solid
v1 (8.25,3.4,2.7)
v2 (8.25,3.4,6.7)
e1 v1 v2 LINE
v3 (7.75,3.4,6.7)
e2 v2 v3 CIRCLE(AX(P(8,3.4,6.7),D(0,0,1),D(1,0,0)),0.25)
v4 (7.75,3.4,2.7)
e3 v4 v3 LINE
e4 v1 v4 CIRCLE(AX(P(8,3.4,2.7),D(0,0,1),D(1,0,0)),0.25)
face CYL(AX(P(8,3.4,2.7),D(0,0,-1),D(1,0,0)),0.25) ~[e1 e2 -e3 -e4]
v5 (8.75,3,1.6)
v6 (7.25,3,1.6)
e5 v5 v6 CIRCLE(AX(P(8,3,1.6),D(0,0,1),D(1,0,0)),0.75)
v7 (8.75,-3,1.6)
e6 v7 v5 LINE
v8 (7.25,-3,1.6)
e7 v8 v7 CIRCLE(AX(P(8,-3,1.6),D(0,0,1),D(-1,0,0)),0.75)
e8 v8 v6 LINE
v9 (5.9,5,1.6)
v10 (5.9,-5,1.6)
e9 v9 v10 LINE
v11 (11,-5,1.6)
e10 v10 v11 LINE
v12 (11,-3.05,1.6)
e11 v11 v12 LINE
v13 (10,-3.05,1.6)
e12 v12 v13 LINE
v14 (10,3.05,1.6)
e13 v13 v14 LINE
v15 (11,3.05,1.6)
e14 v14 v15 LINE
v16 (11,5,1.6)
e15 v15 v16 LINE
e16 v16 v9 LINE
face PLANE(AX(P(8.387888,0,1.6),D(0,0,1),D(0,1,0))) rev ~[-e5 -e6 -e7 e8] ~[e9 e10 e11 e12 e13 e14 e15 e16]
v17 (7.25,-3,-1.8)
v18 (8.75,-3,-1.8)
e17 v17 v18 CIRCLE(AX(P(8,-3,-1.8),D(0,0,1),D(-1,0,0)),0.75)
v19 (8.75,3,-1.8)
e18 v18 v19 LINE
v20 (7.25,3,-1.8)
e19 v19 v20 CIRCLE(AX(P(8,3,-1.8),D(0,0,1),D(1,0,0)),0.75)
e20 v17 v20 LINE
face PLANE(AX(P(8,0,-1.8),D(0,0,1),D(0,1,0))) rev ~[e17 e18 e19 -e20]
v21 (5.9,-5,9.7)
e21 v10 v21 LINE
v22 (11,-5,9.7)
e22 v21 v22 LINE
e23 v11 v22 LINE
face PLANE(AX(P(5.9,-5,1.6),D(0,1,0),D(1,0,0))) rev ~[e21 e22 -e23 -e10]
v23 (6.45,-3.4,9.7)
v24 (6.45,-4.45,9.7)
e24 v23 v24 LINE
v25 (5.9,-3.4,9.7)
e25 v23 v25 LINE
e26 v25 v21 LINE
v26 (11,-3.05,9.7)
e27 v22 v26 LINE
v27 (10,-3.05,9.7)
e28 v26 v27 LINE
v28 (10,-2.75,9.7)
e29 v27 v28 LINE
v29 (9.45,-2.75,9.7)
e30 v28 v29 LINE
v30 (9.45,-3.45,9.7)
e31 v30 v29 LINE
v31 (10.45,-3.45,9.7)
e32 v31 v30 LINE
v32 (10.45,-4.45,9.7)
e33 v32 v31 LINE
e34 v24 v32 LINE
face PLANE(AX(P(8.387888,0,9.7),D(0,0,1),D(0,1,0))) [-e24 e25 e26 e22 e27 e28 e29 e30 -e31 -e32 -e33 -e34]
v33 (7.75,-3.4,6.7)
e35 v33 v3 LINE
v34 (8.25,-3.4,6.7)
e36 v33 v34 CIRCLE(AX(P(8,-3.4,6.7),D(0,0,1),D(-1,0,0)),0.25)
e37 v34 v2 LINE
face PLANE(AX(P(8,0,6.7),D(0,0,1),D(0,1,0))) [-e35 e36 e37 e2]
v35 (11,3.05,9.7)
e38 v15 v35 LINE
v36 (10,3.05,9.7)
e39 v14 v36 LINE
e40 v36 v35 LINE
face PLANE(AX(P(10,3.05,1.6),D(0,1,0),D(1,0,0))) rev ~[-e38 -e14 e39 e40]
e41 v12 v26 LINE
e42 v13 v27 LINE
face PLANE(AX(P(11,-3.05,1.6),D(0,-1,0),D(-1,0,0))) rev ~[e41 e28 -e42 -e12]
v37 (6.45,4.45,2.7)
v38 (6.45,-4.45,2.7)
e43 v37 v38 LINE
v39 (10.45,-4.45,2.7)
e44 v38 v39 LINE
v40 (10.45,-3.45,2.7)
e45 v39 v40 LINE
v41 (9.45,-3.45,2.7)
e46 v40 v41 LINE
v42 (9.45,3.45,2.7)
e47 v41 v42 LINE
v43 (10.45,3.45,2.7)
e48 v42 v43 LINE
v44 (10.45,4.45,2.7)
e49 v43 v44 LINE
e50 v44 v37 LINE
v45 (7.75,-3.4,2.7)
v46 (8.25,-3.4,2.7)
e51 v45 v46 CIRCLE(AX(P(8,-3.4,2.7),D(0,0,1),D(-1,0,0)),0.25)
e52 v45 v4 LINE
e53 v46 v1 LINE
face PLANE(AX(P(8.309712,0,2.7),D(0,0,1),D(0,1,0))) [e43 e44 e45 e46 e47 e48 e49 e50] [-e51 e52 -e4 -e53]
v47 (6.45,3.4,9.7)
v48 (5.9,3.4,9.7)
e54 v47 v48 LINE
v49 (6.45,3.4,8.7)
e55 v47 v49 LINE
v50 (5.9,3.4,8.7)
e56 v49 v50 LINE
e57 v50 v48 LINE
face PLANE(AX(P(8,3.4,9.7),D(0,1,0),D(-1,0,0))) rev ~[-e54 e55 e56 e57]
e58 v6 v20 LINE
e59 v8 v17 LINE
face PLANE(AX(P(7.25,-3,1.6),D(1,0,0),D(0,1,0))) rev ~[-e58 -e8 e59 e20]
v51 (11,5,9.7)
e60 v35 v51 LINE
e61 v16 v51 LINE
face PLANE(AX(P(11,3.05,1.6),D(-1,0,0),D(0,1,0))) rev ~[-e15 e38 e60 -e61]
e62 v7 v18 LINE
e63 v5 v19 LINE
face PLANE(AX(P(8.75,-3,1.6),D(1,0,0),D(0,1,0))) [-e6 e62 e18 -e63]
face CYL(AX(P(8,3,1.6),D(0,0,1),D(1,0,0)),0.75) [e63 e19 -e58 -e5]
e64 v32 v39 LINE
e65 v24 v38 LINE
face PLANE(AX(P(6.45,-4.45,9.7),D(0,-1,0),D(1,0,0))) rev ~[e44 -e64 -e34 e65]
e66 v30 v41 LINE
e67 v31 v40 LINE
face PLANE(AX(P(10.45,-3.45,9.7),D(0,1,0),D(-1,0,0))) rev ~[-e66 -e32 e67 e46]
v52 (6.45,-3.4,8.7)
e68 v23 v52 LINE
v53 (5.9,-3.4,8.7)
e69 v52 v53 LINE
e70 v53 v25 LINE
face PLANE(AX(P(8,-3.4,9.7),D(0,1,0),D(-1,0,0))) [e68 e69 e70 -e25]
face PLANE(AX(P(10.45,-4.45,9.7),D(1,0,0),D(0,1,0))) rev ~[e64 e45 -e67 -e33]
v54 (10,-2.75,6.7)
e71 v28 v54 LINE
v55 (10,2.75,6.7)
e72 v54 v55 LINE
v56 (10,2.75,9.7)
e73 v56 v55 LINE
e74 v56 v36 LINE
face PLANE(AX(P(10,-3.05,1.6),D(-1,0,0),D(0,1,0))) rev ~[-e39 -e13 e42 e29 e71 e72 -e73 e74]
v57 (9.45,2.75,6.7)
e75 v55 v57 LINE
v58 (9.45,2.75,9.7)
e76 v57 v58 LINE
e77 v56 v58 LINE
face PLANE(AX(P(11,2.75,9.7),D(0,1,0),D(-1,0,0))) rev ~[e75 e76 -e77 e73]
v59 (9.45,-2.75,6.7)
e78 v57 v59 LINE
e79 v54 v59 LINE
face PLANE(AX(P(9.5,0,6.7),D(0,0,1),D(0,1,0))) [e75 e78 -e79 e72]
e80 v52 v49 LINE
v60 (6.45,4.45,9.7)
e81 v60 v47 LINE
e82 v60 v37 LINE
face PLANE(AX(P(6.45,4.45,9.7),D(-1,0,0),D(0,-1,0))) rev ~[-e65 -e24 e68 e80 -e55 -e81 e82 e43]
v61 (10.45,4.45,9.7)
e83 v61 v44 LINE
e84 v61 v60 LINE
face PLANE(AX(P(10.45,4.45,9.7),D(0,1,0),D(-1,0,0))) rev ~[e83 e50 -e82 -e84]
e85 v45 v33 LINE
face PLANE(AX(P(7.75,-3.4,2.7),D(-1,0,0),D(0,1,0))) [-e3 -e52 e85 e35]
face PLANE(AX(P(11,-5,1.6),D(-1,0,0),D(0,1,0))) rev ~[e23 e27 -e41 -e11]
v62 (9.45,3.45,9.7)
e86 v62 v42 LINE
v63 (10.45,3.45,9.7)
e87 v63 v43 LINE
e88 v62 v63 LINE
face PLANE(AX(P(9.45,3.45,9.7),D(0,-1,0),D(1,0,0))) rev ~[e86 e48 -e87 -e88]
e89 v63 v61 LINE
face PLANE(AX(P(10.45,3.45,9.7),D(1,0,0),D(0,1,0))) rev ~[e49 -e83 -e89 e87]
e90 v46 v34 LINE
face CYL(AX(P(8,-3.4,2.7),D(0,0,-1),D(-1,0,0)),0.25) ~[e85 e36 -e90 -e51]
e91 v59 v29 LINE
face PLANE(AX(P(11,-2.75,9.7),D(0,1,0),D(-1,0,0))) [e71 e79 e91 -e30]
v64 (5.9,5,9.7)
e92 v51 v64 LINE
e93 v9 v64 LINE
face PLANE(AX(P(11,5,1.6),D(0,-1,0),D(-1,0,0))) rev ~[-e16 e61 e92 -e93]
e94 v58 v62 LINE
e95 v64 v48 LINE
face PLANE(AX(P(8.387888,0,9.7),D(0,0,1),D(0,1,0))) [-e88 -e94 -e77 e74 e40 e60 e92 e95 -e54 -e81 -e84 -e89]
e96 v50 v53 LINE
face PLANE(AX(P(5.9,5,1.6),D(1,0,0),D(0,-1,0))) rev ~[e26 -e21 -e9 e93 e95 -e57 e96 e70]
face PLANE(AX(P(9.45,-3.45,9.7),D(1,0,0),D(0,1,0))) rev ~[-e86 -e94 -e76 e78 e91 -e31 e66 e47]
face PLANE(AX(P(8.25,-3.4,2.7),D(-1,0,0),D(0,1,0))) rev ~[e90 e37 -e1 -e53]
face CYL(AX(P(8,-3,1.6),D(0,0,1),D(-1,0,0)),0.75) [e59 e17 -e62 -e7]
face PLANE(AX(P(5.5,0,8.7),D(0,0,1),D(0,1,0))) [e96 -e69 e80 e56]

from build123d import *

# Parameters (mm, degrees)
PAD010_DEPTH            = 8.1
POCKET007_DEPTH         = 7
SKETCH024_W             = 6.8
SKETCH024_H             = 5
POCKET009_DEPTH         = 1
SKETCH018_W             = 5.5
SKETCH018_H             = 3
POCKET010_DEPTH         = 3
PAD013_DEPTH            = 4
PAD011_DEPTH            = 3.4
BODY014_PLACEMENT_ANGLE = 90


with BuildPart() as part:
    # Sketch022 → Pad010 (new body)
    with BuildSketch(Plane.XY):
        Polygon((-5, 0), (-3.05, 0), (-3.05, 1), (3.05, 1), (3.05, 0), (5, 0), (5, 5.1), (-5, 5.1), align=None)
    extrude(amount=PAD010_DEPTH)

    # Sketch021 (on Face10 of Pad010) → Pocket007 (cut)
    with BuildSketch(Plane.XY.offset(8.1)):
        Polygon((-4.45, 0.55), (-3.45, 0.55), (-3.45, 1.55), (3.45, 1.55), (3.45, 0.55), (4.45, 0.55), (4.45, 4.55), (-4.45, 4.55), align=None)
    extrude(amount=-POCKET007_DEPTH, mode=Mode.SUBTRACT)

    # Sketch024 (on Face5 of Pocket007) → Pocket009 (cut)
    with BuildSketch(Plane.XY.offset(8.1)):
        with Locations((0, 5.5)):
            Rectangle(SKETCH024_W, SKETCH024_H)
    extrude(amount=-POCKET009_DEPTH, mode=Mode.SUBTRACT)

    # Sketch018 (on Face5 of Pocket009) → Pocket010 (cut)
    with BuildSketch(Plane.XY.offset(8.1)):
        with Locations((0, 1.5)):
            Rectangle(SKETCH018_W, SKETCH018_H)
    extrude(amount=-POCKET010_DEPTH, mode=Mode.SUBTRACT)

    # Sketch023 (on Face26 of Pocket010) → Pad013 (join)
    with BuildSketch(Plane.XY.offset(1.1)):
        with BuildLine():
            ThreePointArc((-3.4, 3.25), (-3.65, 3), (-3.4, 2.75))
            Line((-3.4, 2.75), (3.4, 2.75))
            ThreePointArc((3.4, 2.75), (3.65, 3), (3.4, 3.25))
            Line((-3.4, 3.25), (3.4, 3.25))
        make_face()
    extrude(amount=PAD013_DEPTH)

    # Sketch019 → Pad011 (join)
    with BuildSketch(Plane.XY):
        with BuildLine():
            ThreePointArc((-3, 3.75), (-3.75, 3), (-3, 2.25))
            Line((-3, 2.25), (3, 2.25))
            ThreePointArc((3, 2.25), (3.75, 3), (3, 3.75))
            Line((-3, 3.75), (3, 3.75))
        make_face()
    extrude(amount=-PAD011_DEPTH)


with BuildPart() as part_1:
    # Body014 placement: moved
    add(part.part.moved(Location((-13.8, 0, 1.6))).rotate(Axis((-13.8, 0, 1.6), (0, 0, 1)), BODY014_PLACEMENT_ANGLE))


with BuildPart() as part_2:
    # Clone009 placement: moved
    add(part_1.part.moved(Location((-0.2, 0, 0))))


with BuildPart() as part_3:
    # Body016 placement: moved
    add(part_2.part.moved(Location((25, 0, 0))))


solid = part_3.part
